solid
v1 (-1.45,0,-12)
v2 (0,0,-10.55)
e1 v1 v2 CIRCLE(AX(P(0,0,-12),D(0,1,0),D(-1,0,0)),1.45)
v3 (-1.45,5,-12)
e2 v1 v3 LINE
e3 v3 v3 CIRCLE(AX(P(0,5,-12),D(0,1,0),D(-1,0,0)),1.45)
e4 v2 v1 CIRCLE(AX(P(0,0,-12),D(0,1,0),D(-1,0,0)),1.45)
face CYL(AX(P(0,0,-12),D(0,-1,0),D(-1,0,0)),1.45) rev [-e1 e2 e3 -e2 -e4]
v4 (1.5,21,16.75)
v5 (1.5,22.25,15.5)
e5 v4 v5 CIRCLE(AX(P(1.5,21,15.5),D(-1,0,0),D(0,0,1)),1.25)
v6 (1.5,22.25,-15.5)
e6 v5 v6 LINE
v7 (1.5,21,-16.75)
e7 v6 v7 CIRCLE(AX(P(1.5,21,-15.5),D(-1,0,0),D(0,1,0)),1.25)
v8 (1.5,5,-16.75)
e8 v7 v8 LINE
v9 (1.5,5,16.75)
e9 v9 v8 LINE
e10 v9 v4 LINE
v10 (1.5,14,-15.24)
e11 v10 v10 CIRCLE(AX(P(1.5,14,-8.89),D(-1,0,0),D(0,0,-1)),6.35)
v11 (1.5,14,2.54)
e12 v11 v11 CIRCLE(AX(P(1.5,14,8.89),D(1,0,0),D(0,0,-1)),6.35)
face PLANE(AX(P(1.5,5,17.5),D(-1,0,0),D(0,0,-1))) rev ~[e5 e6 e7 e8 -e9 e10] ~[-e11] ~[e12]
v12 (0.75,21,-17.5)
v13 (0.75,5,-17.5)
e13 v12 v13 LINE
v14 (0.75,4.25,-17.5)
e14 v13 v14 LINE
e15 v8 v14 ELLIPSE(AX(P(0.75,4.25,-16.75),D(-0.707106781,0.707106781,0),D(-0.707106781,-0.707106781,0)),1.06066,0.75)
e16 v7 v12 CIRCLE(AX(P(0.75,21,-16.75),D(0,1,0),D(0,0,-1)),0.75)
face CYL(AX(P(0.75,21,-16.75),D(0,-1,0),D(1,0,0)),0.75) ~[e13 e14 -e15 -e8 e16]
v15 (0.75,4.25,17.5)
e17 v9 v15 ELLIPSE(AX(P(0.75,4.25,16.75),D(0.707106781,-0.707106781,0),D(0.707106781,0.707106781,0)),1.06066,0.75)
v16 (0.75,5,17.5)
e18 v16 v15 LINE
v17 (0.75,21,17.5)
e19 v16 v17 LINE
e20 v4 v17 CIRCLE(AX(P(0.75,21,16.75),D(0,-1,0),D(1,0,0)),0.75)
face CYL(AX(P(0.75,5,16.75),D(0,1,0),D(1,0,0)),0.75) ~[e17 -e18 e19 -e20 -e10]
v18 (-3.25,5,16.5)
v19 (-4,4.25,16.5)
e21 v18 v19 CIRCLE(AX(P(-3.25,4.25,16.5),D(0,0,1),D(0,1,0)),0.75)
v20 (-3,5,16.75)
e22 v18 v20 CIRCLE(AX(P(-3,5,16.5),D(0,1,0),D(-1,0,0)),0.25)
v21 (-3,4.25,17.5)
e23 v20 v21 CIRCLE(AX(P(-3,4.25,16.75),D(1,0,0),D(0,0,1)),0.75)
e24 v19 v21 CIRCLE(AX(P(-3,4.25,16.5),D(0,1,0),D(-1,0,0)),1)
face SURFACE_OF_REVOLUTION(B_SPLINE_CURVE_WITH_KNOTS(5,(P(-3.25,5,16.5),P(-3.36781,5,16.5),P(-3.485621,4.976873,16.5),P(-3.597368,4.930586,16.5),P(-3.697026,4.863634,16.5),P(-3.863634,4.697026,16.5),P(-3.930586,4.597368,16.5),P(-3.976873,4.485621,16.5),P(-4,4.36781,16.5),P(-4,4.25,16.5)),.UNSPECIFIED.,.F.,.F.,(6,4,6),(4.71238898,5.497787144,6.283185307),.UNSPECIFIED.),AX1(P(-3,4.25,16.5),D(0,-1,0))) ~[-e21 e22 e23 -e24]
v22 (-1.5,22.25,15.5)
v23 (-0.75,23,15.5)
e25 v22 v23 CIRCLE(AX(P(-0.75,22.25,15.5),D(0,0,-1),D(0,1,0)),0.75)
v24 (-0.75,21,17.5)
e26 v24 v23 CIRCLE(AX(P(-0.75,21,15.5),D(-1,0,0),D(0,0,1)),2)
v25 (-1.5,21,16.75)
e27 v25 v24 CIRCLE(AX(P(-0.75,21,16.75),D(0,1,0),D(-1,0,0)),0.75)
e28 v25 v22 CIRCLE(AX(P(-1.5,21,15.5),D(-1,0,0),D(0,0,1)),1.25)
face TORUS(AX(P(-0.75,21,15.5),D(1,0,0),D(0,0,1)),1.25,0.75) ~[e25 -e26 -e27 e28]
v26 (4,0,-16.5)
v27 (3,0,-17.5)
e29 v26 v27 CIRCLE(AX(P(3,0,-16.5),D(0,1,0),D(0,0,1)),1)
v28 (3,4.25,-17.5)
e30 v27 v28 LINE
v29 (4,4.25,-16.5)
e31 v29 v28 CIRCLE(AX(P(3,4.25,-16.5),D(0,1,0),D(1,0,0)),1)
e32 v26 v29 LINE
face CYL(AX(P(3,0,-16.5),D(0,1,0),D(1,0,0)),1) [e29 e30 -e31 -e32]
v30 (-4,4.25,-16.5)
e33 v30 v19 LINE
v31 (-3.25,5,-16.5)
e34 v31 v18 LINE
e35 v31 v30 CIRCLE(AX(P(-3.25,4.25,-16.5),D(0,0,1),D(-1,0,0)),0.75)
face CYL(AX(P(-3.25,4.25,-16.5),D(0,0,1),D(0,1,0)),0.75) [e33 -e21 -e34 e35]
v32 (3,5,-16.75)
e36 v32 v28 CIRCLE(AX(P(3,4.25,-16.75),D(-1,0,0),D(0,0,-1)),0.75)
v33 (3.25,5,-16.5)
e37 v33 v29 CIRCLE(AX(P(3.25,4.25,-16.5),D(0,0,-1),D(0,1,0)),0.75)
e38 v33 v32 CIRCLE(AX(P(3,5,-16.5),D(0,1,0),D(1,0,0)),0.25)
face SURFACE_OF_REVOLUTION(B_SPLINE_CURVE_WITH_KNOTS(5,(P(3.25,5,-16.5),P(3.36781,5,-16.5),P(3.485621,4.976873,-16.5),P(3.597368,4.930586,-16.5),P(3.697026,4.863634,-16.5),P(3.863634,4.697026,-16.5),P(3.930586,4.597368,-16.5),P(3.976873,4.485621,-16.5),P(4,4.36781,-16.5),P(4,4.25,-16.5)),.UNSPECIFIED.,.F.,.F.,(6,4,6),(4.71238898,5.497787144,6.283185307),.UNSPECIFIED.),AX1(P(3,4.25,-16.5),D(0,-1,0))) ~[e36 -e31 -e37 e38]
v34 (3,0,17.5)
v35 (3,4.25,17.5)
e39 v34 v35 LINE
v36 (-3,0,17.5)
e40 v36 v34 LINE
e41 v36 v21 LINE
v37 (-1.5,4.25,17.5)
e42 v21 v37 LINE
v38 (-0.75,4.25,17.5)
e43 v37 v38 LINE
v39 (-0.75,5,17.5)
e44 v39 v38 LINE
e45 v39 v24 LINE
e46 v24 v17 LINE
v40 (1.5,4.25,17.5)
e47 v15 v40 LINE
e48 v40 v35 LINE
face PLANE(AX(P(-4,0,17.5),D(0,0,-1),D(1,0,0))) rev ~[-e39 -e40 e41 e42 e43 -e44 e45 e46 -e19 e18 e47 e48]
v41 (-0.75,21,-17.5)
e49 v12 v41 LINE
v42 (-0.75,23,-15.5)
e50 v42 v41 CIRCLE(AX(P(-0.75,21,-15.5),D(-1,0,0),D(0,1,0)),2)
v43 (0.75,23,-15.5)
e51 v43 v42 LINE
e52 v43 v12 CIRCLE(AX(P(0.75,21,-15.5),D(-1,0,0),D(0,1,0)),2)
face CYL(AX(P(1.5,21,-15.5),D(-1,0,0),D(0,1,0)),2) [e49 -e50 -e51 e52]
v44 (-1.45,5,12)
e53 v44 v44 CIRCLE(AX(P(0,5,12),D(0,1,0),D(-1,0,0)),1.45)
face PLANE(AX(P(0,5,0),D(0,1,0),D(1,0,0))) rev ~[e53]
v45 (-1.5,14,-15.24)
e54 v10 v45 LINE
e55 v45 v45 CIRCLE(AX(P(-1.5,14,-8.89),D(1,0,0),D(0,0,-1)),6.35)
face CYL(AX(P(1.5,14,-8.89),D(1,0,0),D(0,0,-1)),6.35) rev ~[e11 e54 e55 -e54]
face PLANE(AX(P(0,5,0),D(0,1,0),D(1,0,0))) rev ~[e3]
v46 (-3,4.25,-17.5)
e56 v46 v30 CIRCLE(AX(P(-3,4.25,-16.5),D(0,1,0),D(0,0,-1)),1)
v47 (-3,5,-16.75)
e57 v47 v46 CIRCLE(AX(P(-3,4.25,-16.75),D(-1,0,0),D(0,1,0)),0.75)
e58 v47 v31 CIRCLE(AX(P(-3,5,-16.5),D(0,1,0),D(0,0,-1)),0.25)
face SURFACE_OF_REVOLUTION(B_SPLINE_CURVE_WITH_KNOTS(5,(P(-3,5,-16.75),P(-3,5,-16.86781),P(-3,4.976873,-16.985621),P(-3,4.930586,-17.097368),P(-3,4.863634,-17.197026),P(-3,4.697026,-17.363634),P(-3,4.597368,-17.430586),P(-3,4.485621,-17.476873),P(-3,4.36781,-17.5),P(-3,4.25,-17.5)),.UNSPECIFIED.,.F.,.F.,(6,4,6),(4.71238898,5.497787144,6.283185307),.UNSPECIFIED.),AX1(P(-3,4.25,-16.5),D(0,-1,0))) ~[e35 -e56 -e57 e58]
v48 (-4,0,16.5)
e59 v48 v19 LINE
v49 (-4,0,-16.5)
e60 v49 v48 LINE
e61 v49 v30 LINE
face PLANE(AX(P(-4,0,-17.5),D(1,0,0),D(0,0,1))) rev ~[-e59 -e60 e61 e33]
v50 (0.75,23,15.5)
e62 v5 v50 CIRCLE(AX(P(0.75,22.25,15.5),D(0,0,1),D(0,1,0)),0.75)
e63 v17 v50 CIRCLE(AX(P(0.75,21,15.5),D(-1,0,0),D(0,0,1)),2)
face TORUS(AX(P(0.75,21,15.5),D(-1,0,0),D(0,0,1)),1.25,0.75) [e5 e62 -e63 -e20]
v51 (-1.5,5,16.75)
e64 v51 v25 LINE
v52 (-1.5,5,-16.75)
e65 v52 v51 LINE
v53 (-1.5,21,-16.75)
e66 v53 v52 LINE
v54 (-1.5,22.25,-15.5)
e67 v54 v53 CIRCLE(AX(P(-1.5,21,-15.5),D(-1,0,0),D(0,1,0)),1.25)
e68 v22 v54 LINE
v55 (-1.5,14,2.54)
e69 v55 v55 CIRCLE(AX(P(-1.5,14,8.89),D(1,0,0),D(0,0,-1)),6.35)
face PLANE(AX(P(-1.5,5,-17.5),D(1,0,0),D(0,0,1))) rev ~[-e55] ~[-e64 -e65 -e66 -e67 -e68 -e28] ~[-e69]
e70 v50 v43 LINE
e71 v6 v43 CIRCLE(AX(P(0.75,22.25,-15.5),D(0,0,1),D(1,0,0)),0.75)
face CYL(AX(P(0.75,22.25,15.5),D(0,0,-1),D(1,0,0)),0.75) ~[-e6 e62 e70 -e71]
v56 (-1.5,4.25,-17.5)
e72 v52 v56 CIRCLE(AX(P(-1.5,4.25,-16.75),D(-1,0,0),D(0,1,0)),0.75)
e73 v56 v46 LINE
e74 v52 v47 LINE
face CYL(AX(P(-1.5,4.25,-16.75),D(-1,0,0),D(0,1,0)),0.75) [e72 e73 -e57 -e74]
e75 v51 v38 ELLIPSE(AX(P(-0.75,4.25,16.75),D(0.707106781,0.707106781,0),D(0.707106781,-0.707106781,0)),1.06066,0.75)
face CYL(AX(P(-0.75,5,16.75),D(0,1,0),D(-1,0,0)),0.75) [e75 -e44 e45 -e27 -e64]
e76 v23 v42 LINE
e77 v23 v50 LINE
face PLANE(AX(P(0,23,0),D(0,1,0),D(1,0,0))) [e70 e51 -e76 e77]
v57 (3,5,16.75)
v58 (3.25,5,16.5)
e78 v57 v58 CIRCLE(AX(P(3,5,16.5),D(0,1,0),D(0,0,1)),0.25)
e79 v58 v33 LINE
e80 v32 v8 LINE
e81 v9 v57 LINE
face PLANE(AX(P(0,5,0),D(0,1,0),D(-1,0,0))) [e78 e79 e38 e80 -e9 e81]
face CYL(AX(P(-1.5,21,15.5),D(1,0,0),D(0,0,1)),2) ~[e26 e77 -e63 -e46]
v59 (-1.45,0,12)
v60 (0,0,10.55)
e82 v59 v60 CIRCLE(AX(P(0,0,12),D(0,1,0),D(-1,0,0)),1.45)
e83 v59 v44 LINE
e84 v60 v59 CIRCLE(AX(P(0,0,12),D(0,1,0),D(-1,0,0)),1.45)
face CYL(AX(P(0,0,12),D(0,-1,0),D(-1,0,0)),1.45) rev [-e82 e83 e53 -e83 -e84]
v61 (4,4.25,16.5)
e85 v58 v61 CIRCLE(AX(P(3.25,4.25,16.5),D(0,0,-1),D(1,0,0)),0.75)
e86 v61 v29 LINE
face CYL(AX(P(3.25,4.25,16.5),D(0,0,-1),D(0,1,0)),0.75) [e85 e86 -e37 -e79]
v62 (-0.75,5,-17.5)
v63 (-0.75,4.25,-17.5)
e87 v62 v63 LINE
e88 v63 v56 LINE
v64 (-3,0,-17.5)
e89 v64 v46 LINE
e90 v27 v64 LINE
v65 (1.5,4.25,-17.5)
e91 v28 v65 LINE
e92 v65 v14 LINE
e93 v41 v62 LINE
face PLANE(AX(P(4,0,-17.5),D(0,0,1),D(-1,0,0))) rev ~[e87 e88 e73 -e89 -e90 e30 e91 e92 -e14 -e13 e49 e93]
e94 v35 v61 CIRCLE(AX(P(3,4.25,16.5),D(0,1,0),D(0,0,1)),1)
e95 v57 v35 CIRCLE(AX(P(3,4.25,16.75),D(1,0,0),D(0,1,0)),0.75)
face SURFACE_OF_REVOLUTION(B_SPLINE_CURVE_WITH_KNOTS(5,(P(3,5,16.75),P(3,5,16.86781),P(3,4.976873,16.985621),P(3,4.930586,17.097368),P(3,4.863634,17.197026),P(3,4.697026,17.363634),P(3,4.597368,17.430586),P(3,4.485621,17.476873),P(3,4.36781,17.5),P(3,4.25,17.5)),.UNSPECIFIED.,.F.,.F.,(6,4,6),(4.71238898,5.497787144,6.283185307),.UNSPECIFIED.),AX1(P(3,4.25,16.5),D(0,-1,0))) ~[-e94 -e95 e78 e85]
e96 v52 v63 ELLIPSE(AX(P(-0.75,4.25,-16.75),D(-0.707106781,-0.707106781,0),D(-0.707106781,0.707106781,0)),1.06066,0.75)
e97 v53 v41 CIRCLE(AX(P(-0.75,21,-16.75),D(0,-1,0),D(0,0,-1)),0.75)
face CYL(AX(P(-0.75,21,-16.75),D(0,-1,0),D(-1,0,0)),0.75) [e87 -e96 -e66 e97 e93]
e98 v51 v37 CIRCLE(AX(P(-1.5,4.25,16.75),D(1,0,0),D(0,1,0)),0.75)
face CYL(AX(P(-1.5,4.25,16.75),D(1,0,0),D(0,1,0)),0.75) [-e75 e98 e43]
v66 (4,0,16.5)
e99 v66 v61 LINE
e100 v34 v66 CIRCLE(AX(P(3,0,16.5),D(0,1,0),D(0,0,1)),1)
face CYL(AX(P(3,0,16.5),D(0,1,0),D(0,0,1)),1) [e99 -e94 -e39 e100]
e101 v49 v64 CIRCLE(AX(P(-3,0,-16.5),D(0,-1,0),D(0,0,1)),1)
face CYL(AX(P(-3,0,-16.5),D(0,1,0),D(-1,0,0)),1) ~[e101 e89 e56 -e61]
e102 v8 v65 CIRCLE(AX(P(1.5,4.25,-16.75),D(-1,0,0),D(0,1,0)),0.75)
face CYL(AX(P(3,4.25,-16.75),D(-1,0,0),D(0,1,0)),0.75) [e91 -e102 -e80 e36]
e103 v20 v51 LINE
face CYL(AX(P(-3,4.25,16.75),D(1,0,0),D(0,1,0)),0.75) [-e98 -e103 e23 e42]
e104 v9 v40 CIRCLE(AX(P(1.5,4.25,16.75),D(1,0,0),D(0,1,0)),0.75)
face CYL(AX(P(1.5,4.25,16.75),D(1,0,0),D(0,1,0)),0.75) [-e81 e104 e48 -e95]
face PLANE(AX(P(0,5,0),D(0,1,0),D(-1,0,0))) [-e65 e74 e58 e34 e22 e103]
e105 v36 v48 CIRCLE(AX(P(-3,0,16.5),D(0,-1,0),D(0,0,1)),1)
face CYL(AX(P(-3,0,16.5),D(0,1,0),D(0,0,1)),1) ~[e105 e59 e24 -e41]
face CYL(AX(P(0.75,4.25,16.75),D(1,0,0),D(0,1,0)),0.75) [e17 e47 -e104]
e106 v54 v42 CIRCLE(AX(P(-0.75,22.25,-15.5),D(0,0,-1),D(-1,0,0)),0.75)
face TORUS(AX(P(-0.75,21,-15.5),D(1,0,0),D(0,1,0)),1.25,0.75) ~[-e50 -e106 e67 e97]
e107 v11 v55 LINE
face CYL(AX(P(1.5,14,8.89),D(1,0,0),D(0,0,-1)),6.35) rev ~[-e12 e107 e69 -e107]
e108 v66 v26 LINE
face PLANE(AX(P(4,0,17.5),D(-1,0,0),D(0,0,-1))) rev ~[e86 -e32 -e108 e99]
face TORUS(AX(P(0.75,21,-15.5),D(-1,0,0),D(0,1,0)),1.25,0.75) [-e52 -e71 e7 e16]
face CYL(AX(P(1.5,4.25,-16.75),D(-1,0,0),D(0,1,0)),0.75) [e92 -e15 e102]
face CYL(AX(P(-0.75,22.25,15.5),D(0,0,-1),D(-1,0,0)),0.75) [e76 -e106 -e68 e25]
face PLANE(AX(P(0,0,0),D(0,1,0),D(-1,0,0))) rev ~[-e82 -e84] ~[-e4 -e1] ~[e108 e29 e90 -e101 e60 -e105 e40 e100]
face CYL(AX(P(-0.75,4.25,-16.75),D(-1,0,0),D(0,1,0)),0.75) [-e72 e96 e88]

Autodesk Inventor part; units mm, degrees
ref_plane "YZ Plane" through (0, 0, 0) normal (1, 0, 0) x (0, 1, 0)
ref_plane "XZ Plane" through (0, 0, 0) normal (0, 1, 0) x (-1, 0, 0)
ref_plane "XY Plane" through (0, 0, 0) normal (0, 0, 1) x (1, 0, 0)
sketch "Sketch1" plane through (0, 0, 0) normal (0, 1, 0) x (-1, 0, 0)
  line L0 (-4, 17.5) -> (-4, -17.5)
  line L1 (-4, -17.5) -> (4, -17.5)
  line L2 (4, -17.5) -> (4, 17.5)
  line L3 (4, 17.5) -> (-4, 17.5)
  line L4 (-4, 17.5) -> (4, -17.5) construction
  line L5 (-4, -17.5) -> (4, 17.5) construction
  line L6 (0, 0) -> (0, 8.89)
  line L7 (0, 0) -> (0, 12)
  circle A0 centre (0, 12) radius 1.45
  line L8 (0, 0) -> (0, -12)
  circle A1 centre (0, -12) radius 1.45
  dimension "d0" = 35
  dimension "d1" = 8
  dimension "d3" = 12
  dimension "d4" = 2.9
  dimension "d5" = 12
  dimension "d6" = 2.9
extrude "Extrusion1" add sketch "Sketch1" along normal blind 5
sketch "Sketch2" plane through (0, 5, 0) normal (0, 1, 0) x (1, 0, 0)
  line L0 (1.5, -17.5) -> (1.5, 17.5)
  line L1 (1.5, 17.5) -> (-1.5, 17.5)
  line L2 (-1.5, 17.5) -> (-1.5, -17.5)
  line L3 (-1.5, -17.5) -> (1.5, -17.5)
  line L4 (1.5, -17.5) -> (-1.5, 17.5) construction
  line L5 (1.5, 17.5) -> (-1.5, -17.5) construction
  point P0 (0, 0)
  dimension "d9" = 35
  dimension "d10" = 3
extrude "Extrusion2" add sketch "Sketch2" along normal blind 18
sketch "Sketch3" plane through (1.5, 5, 17.5) normal (1, 0, 0) x (0, 0, -1)
  line L0 (0, 18) -> (35, 18) projected
  line L1 (17.5, 18) -> (17.5, 9)
  line L2 (17.5, 18) -> (26.5, 18) construction
  line L3 (17.5, 9) -> (8.61, 9)
  line L4 (17.5, 9) -> (26.39, 9)
  line L5 (17.5, 9) -> (26.39, 9) construction
  circle A0 centre (8.61, 9) radius 6.35
  circle A1 centre (26.39, 9) radius 6.35
  point P0 (17.5, -5)
  dimension "d13" = 9
  dimension "d14" = 90
  dimension "d15" = 8.89
  dimension "d16" = 90
  dimension "d17" = 8.89
  dimension "d18" = 0
  dimension "d19" = 12.7
  dimension "d20" = 12.7
extrude "Extrusion3" cut sketch "Sketch3" against normal blind 15
fillet "Fillet1" radius 2 2 edges at (0, 23, -17.5) (0, 23, 17.5)
fillet "Fillet2" radius 1 4 edges at (4, 2.5, -17.5) (-4, 2.5, -17.5) (4, 2.5, 17.5) (-4, 2.5, 17.5)
fillet "Fillet3" radius 0.75 10 edges at (1.5, 22.4142, -16.9142) (1.5, 13, -17.5) (1.5, 22.4142, 16.9142) (1.5, 13, 17.5) (1.5, 23, 0) (-1.5, 22.4142, 16.9142) (-1.5, 13, 17.5) (-1.5, 22.4142, -16.9142) (-1.5, 13, -17.5) (-1.5, 23, 0)
fillet "Fillet4" radius 0.75 10 edges at (3.7071, 5, -17.2071) (-2.25, 5, -17.5) (2.25, 5, -17.5) (-3.7071, 5, -17.2071) (-4, 5, 0) (-3.7071, 5, 17.2071) (-2.25, 5, 17.5) (2.25, 5, 17.5) (3.7071, 5, 17.2071) (4, 5, 0)
properties part number "Sonar Mount" material "ABS Plastic"
